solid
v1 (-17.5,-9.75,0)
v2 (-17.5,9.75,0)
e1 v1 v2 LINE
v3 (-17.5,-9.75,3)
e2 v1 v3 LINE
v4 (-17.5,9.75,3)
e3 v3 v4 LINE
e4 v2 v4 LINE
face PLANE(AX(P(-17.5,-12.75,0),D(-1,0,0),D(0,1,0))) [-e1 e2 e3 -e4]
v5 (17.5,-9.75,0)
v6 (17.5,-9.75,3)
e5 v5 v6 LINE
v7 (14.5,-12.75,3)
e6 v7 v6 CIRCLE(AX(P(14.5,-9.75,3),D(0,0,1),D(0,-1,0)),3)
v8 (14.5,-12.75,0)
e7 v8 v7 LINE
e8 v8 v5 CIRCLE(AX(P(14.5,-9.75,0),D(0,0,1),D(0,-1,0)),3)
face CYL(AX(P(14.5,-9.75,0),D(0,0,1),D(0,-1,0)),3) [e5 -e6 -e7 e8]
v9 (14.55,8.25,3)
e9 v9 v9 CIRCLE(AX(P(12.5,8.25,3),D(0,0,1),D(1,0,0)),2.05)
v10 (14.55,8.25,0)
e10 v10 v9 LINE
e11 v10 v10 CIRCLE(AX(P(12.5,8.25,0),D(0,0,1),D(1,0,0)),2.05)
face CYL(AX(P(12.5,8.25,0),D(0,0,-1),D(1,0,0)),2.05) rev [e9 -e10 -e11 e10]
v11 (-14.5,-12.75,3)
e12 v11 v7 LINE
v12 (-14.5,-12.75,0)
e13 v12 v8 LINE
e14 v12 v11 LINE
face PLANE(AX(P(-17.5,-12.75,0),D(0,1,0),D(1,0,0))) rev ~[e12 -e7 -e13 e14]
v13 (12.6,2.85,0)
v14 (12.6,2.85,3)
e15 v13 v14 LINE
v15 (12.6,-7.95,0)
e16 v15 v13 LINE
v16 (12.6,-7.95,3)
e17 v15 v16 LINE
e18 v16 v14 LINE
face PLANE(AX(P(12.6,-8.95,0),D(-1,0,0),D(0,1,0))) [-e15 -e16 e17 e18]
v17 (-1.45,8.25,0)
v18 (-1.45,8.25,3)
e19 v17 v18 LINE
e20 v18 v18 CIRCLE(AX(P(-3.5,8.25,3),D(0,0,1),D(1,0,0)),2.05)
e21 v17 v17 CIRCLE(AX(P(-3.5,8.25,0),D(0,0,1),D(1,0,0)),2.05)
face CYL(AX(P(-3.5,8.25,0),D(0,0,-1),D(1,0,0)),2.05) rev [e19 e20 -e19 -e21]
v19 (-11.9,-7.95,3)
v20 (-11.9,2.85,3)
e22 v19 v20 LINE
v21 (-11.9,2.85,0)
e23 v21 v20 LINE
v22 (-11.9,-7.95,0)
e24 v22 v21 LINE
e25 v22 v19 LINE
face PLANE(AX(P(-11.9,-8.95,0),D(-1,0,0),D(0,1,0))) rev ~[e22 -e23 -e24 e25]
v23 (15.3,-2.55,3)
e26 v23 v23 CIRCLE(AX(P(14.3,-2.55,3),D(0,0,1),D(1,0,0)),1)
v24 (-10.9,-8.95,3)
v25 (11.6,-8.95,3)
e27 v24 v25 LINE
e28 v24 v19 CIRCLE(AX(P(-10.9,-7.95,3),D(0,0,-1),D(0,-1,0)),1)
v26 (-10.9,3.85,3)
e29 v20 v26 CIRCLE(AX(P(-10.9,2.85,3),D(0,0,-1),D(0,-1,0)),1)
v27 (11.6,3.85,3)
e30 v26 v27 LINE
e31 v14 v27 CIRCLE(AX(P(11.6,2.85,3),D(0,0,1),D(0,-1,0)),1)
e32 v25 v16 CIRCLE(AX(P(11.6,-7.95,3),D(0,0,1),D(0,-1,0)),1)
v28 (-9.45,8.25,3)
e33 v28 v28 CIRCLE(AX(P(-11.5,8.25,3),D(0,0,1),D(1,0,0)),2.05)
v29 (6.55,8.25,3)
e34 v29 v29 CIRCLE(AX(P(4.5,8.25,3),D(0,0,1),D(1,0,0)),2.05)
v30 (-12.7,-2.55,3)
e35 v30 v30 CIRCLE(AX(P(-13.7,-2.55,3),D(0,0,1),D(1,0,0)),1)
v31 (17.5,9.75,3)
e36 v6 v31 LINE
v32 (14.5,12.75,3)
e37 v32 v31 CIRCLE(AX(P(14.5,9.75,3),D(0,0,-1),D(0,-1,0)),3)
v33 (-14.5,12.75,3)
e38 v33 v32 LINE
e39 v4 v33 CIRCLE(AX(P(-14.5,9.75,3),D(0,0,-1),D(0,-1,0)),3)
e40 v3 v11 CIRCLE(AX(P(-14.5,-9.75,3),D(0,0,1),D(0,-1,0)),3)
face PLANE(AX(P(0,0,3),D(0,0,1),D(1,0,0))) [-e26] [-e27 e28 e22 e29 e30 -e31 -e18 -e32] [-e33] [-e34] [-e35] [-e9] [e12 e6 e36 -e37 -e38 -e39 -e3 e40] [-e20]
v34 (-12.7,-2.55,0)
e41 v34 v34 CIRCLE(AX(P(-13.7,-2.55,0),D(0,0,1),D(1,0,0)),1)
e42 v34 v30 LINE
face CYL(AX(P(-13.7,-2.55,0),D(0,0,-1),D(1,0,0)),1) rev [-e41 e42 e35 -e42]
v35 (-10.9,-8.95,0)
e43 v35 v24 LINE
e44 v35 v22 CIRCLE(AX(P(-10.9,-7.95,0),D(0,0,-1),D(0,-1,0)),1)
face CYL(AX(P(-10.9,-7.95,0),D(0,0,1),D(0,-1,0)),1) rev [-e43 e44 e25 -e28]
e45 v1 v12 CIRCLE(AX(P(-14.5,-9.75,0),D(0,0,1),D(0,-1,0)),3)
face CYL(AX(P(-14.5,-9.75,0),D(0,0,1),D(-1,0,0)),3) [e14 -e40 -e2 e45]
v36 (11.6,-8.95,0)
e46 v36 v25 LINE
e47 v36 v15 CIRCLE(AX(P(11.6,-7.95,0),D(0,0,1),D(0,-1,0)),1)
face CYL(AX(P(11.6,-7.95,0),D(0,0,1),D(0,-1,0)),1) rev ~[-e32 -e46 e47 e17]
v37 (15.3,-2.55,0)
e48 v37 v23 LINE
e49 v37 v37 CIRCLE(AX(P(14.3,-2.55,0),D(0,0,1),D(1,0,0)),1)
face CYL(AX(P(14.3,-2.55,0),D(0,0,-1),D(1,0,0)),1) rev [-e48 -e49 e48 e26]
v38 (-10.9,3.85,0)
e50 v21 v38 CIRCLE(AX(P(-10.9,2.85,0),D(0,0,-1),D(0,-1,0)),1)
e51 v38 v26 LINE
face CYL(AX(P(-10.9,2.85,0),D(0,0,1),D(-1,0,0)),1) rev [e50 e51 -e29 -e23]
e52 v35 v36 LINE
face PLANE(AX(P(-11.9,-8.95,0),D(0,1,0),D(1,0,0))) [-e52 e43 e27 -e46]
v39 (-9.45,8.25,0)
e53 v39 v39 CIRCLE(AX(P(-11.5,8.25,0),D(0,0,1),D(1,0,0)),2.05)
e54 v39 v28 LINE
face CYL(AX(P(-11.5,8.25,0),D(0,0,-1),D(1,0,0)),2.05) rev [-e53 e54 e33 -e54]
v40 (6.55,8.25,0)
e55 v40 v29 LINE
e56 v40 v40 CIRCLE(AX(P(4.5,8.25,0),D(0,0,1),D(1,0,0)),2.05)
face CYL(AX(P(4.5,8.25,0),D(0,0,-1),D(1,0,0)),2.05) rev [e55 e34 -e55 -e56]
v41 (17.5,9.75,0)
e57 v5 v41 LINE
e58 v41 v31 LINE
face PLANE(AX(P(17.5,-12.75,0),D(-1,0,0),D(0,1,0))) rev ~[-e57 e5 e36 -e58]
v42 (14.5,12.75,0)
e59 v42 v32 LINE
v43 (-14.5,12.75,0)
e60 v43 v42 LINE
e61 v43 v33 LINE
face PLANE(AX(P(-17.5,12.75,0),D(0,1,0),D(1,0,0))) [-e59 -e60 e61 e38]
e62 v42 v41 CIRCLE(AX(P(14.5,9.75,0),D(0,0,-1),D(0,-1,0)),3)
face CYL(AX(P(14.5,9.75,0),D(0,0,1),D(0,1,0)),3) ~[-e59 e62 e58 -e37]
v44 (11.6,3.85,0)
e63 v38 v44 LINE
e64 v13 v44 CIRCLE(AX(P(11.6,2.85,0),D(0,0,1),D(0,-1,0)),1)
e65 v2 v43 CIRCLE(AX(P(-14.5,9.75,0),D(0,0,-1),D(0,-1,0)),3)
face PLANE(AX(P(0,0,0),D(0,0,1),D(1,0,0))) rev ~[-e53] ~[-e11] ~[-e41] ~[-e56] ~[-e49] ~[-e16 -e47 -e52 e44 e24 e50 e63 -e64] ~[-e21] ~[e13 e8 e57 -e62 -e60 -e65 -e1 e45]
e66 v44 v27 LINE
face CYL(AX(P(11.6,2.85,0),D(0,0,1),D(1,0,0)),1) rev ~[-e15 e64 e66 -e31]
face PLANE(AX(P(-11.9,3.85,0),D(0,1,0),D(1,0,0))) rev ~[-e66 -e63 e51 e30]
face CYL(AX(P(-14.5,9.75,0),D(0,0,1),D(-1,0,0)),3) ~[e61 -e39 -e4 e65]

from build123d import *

# Parameters (mm, degrees)
F1_W     = 35
F1_H     = 25.5
F1_R     = 1
F1_W_2   = 24.5
F1_H_2   = 12.8
F1_R_2   = 2.05
F2_DEPTH = 3
F3_R     = 3
F4_R     = 1


with BuildPart() as f2:
    # F1 (on Top) → F2 (new body)
    with BuildSketch(Plane.XY):
        Rectangle(F1_W, F1_H)
        with Locations((-13.7, -2.55)):
            Circle(F1_R, mode=Mode.SUBTRACT)
        with Locations((0.35, -2.55)):
            Rectangle(F1_W_2, F1_H_2, mode=Mode.SUBTRACT)
        with Locations((14.3, -2.55)):
            Circle(F1_R, mode=Mode.SUBTRACT)
        with Locations((-11.5, 8.25)):
            Circle(F1_R_2, mode=Mode.SUBTRACT)
        with Locations((-3.5, 8.25)):
            Circle(F1_R_2, mode=Mode.SUBTRACT)
        with Locations((4.5, 8.25)):
            Circle(F1_R_2, mode=Mode.SUBTRACT)
        with Locations((12.5, 8.25)):
            Circle(F1_R_2, mode=Mode.SUBTRACT)
    extrude(amount=F2_DEPTH)

    # F3
    f3_edges = [f2.edges().sort_by_distance(p)[0] for p in [
        (-17.5, 12.75, 1.5),
        (17.5, 12.75, 1.5),
        (17.5, -12.75, 1.5),
        (-17.5, -12.75, 1.5),
    ]]
    fillet(f3_edges, radius=F3_R)

    # F4
    f4_edges = [f2.edges().sort_by_distance(p)[0] for p in [
        (-11.9, 3.85, 1.5),
        (12.6, 3.85, 1.5),
        (12.6, -8.95, 1.5),
        (-11.9, -8.95, 1.5),
    ]]
    fillet(f4_edges, radius=F4_R)


solid = f2.part
